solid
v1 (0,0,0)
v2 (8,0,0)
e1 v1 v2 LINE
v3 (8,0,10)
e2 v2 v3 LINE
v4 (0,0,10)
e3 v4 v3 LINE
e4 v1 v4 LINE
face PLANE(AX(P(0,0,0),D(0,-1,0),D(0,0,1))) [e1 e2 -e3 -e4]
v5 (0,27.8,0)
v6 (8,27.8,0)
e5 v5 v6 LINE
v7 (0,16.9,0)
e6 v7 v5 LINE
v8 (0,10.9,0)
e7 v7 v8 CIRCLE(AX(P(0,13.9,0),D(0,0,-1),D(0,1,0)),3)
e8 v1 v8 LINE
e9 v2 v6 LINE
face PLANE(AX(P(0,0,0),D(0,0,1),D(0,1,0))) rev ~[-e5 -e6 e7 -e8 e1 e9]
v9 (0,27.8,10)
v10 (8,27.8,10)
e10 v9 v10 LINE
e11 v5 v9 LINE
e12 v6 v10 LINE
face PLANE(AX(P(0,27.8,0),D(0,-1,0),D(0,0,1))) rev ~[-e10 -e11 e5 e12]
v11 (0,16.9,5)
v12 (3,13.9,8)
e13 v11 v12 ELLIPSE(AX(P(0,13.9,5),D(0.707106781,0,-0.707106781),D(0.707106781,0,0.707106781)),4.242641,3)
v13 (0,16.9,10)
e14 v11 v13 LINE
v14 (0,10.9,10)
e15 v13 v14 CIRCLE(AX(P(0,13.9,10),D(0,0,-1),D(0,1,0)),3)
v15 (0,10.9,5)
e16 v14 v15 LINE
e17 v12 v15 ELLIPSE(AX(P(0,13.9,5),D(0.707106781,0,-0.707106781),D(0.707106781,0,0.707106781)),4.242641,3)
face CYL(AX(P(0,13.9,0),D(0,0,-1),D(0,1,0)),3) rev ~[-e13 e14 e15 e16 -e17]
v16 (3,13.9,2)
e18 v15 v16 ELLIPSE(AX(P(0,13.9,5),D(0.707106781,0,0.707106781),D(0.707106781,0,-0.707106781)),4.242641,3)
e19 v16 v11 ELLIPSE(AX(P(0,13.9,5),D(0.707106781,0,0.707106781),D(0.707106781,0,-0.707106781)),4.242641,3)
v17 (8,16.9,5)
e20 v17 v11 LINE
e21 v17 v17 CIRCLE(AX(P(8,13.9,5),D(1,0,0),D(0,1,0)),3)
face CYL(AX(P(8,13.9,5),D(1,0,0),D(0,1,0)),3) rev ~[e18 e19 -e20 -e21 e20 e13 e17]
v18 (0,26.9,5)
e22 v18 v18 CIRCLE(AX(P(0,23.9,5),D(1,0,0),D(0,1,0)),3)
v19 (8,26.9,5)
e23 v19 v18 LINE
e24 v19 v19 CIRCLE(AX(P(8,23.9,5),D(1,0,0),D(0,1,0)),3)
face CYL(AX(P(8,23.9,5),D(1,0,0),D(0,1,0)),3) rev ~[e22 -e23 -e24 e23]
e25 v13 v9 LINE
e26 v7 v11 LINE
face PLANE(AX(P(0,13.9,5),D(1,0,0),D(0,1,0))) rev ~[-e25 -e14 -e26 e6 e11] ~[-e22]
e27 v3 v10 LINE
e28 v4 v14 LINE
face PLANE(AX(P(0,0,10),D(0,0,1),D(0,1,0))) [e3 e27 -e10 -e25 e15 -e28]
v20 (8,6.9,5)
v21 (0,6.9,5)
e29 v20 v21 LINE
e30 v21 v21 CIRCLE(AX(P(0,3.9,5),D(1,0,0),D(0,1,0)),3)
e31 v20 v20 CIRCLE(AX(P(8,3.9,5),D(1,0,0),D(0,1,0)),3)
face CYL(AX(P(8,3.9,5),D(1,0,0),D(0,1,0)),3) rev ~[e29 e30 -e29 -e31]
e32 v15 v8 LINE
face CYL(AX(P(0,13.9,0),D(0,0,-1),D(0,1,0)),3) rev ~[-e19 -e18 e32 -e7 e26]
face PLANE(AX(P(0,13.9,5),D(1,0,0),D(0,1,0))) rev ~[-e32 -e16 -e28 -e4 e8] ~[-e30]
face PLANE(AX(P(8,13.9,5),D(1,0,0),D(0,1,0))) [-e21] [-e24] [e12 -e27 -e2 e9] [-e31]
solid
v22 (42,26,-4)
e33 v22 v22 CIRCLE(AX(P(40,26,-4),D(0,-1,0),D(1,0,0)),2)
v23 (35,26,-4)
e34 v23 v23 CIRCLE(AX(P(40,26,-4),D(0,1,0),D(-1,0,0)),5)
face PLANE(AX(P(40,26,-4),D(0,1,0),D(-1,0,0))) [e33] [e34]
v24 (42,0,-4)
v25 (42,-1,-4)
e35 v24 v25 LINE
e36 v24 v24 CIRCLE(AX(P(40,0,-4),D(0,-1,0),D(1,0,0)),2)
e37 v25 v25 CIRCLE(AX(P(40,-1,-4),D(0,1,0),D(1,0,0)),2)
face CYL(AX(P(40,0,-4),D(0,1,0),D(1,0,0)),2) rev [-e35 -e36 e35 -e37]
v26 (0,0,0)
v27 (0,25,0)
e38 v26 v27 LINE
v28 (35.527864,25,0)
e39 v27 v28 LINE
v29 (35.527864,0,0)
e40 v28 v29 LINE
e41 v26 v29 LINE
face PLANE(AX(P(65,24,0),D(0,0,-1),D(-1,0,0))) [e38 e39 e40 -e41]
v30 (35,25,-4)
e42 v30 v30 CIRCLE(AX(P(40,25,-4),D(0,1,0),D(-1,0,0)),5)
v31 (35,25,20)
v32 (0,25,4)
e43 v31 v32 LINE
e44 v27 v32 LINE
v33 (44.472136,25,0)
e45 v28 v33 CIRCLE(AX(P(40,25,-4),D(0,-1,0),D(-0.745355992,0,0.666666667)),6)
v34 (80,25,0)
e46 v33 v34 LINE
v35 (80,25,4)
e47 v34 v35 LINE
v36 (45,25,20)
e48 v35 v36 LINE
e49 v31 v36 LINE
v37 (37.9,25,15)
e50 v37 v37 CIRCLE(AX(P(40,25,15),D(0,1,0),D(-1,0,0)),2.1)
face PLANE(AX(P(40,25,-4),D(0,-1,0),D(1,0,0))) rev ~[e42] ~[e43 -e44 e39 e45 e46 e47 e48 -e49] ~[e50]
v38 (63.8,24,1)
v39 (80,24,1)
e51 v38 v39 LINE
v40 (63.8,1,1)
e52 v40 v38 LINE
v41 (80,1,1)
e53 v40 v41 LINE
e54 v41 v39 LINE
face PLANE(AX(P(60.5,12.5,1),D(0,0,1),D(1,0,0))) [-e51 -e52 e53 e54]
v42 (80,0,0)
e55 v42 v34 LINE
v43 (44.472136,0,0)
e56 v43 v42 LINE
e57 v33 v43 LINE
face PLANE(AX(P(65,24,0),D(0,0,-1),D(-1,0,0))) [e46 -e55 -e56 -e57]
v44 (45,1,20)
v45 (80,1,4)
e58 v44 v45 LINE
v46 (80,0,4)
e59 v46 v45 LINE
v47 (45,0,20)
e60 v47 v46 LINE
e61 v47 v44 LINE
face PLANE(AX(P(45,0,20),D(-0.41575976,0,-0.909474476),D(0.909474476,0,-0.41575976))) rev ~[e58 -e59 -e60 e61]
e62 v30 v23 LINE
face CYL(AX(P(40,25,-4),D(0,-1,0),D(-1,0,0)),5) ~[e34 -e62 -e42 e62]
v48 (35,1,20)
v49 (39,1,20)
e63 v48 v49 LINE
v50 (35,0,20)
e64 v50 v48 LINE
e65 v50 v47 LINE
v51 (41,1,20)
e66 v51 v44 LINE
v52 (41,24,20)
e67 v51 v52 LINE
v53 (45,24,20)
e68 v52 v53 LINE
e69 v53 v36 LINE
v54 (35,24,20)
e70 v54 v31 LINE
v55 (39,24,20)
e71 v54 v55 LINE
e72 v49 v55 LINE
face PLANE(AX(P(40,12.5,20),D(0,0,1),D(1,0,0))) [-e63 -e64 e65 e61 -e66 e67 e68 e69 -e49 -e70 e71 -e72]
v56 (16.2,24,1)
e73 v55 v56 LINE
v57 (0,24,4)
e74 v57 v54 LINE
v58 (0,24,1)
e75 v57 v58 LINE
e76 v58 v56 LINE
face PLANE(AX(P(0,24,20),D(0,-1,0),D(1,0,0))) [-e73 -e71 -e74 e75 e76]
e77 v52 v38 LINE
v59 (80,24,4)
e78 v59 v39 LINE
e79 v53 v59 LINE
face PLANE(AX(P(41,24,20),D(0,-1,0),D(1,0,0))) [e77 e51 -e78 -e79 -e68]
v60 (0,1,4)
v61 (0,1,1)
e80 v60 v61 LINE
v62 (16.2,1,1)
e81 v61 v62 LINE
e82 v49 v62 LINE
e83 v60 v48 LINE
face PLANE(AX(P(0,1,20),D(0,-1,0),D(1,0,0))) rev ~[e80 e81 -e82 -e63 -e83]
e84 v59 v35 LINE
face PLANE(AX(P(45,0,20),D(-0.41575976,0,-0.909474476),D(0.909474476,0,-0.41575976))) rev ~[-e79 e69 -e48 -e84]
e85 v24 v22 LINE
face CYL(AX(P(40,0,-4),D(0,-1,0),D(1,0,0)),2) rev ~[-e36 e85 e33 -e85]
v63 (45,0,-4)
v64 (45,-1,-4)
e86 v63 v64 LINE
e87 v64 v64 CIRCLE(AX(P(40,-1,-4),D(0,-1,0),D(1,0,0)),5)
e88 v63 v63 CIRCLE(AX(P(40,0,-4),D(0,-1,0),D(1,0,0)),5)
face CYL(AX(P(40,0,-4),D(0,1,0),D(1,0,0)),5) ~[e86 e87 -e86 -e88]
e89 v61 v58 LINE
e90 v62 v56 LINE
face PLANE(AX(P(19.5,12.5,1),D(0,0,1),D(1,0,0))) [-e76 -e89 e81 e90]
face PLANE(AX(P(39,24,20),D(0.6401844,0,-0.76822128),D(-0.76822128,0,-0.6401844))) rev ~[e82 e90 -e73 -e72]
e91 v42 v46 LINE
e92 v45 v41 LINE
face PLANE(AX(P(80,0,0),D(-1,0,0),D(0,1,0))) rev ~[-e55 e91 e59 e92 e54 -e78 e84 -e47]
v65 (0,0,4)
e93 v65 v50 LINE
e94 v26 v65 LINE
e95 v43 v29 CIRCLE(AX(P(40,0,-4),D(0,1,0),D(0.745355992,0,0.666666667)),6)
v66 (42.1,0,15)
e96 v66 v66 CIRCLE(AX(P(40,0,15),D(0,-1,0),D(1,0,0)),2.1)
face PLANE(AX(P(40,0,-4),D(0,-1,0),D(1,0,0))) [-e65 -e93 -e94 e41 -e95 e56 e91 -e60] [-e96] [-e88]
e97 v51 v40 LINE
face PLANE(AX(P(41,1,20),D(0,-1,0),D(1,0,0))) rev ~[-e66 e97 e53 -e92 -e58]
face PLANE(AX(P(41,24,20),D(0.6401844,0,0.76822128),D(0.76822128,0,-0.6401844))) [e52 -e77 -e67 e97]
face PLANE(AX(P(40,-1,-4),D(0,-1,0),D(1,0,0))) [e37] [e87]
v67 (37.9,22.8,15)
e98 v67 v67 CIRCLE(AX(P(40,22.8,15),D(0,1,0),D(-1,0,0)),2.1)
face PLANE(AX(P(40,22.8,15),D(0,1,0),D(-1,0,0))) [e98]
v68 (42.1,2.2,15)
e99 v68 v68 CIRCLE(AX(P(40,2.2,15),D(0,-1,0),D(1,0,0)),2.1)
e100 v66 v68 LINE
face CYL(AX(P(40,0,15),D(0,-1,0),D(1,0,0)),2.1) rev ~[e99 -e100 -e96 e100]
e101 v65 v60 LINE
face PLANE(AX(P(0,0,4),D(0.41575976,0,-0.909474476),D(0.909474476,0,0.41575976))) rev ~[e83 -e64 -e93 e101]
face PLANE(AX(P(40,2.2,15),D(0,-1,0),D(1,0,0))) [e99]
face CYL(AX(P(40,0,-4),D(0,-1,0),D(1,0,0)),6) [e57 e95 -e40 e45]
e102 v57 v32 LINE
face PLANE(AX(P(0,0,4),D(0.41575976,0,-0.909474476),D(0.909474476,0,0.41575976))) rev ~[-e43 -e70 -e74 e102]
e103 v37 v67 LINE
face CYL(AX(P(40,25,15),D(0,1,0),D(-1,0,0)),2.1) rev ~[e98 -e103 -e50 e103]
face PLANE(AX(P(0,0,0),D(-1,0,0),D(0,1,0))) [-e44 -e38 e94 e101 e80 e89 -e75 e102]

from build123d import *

# Parameters (mm, degrees)
SKETCH_W             = 80
SKETCH_H             = 25
PAD_DEPTH            = 20
SKETCH001_W          = 39
SKETCH001_H          = 23
POCKET_DEPTH         = 19
POCKET001_DEPTH      = 25.001
PAD006_DEPTH         = 23
PAD007_DEPTH         = 23
SKETCH003_R          = 3
PAD001_DEPTH         = 25
SKETCH004_R          = 2.1
POCKET002_DEPTH      = 2.2
SKETCH007_R          = 2.1
POCKET004_DEPTH      = 2.2
SKETCH005_R          = 6
PAD002_DEPTH         = 25
SKETCH006_R          = 5
PAD003_DEPTH         = 1
SKETCH009_R          = 5
PAD004_DEPTH         = 1
SKETCH008_R          = 2
POCKET005_DEPTH      = 26.001
POCKET005_DEPTH_BACK = -1.001
SKETCH010_W          = 27.8
SKETCH010_H          = 10
PAD005_DEPTH         = 8
SKETCH011_R          = 3
POCKET006_DEPTH      = 8.001
SKETCH012_R          = 3
HOLE_DEPTH           = 10.001


with BuildPart() as flipflop:
    # Sketch → Pad (new body)
    with BuildSketch(Plane.XY):
        with Locations((40, 12.5)):
            Rectangle(SKETCH_W, SKETCH_H)
    extrude(amount=PAD_DEPTH)

    # Sketch001 (on Face6 of Pad) → Pocket (cut)
    with BuildSketch(Plane.XY.offset(20)):
        with Locations((19.5, 12.5)):
            Rectangle(SKETCH001_W, SKETCH001_H)
        with Locations((60.5, 12.5)):
            Rectangle(SKETCH001_W, SKETCH001_H)
    extrude(amount=-POCKET_DEPTH, mode=Mode.SUBTRACT)

    # Sketch002 → Pocket001 (cut, through all)
    with BuildSketch(Plane.XZ):
        Polygon((0, 4), (35, 20), (0, 20), align=None)
        Polygon((80, 4), (80, 20), (45, 20), align=None)
    extrude(amount=-POCKET001_DEPTH, mode=Mode.SUBTRACT)

    # Sketch013 (on DatumPlane) → Pad006 (join)
    with BuildSketch(Plane.XZ.offset(-24)):
        Polygon((15, 0), (39, 0), (39, 20), align=None)
    extrude(amount=PAD006_DEPTH)

    # Sketch014 (on DatumPlane) → Pad007 (join)
    with BuildSketch(Plane.XZ.offset(-24)):
        Polygon((41, 0), (41, 20), (65, 0), align=None)
    extrude(amount=PAD007_DEPTH)

    # Sketch003 → Pad001 (join)
    with BuildSketch(Plane.XZ):
        with Locations((40, 15)):
            Circle(SKETCH003_R)
    extrude(amount=-PAD001_DEPTH)

    # Sketch004 → Pocket002 (cut)
    with BuildSketch(Plane.XZ):
        with Locations((40, 15)):
            Circle(SKETCH004_R)
    extrude(amount=-POCKET002_DEPTH, mode=Mode.SUBTRACT)

    # Sketch007 → Pocket004 (cut)
    with BuildSketch(Plane(origin=(0, 25, 0), x_dir=(-1, 0, 0), z_dir=(0, 1, 0))):
        with Locations((-40, 15)):
            Circle(SKETCH007_R)
    extrude(amount=-POCKET004_DEPTH, mode=Mode.SUBTRACT)

    # Sketch005 → Pad002 (join)
    with BuildSketch(Plane.XZ):
        with Locations((40, -4)):
            Circle(SKETCH005_R)
    extrude(amount=-PAD002_DEPTH)

    # Sketch006 → Pad003 (join)
    with BuildSketch(Plane.XZ):
        with Locations((40, -4)):
            Circle(SKETCH006_R)
    extrude(amount=PAD003_DEPTH)

    # Sketch009 (on Face1 of Pocket005) → Pad004 (join)
    with BuildSketch(Plane(origin=(0, 25, 0), x_dir=(-1, 0, 0), z_dir=(0, 1, 0))):
        with Locations((-40, -4)):
            Circle(SKETCH009_R)
    extrude(amount=PAD004_DEPTH)

    # Sketch008 → Pocket005 (cut, two sides)
    with BuildSketch(Plane.XZ) as pocket005_sk:
        with Locations((40, -4)):
            Circle(SKETCH008_R)
    extrude(amount=-POCKET005_DEPTH, mode=Mode.SUBTRACT)
    extrude(pocket005_sk.sketch, amount=-POCKET005_DEPTH_BACK, mode=Mode.SUBTRACT)


with BuildPart() as endanschlag:
    # Sketch010 → Pad005 (new body)
    with BuildSketch(Plane.YZ):
        with Locations((13.9, 5)):
            Rectangle(SKETCH010_W, SKETCH010_H)
    extrude(amount=PAD005_DEPTH)

    # Sketch011 (on DatumPlane) → Pocket006 (cut, through all)
    with BuildSketch(Plane.YZ.offset(8)):
        with Locations((3.9, 5)):
            Circle(SKETCH011_R)
        with Locations((23.9, 5)):
            Circle(SKETCH011_R)
        with Locations((13.9, 5)):
            Circle(SKETCH011_R)
    extrude(amount=-POCKET006_DEPTH, mode=Mode.SUBTRACT)

    # Sketch012 (on DatumPlane) → Hole (cut, through all)
    with BuildSketch(Plane.YX):
        with Locations((13.9, 0)):
            Circle(SKETCH012_R)
    extrude(amount=-HOLE_DEPTH, mode=Mode.SUBTRACT)


solid = Compound([flipflop.part, endanschlag.part])
